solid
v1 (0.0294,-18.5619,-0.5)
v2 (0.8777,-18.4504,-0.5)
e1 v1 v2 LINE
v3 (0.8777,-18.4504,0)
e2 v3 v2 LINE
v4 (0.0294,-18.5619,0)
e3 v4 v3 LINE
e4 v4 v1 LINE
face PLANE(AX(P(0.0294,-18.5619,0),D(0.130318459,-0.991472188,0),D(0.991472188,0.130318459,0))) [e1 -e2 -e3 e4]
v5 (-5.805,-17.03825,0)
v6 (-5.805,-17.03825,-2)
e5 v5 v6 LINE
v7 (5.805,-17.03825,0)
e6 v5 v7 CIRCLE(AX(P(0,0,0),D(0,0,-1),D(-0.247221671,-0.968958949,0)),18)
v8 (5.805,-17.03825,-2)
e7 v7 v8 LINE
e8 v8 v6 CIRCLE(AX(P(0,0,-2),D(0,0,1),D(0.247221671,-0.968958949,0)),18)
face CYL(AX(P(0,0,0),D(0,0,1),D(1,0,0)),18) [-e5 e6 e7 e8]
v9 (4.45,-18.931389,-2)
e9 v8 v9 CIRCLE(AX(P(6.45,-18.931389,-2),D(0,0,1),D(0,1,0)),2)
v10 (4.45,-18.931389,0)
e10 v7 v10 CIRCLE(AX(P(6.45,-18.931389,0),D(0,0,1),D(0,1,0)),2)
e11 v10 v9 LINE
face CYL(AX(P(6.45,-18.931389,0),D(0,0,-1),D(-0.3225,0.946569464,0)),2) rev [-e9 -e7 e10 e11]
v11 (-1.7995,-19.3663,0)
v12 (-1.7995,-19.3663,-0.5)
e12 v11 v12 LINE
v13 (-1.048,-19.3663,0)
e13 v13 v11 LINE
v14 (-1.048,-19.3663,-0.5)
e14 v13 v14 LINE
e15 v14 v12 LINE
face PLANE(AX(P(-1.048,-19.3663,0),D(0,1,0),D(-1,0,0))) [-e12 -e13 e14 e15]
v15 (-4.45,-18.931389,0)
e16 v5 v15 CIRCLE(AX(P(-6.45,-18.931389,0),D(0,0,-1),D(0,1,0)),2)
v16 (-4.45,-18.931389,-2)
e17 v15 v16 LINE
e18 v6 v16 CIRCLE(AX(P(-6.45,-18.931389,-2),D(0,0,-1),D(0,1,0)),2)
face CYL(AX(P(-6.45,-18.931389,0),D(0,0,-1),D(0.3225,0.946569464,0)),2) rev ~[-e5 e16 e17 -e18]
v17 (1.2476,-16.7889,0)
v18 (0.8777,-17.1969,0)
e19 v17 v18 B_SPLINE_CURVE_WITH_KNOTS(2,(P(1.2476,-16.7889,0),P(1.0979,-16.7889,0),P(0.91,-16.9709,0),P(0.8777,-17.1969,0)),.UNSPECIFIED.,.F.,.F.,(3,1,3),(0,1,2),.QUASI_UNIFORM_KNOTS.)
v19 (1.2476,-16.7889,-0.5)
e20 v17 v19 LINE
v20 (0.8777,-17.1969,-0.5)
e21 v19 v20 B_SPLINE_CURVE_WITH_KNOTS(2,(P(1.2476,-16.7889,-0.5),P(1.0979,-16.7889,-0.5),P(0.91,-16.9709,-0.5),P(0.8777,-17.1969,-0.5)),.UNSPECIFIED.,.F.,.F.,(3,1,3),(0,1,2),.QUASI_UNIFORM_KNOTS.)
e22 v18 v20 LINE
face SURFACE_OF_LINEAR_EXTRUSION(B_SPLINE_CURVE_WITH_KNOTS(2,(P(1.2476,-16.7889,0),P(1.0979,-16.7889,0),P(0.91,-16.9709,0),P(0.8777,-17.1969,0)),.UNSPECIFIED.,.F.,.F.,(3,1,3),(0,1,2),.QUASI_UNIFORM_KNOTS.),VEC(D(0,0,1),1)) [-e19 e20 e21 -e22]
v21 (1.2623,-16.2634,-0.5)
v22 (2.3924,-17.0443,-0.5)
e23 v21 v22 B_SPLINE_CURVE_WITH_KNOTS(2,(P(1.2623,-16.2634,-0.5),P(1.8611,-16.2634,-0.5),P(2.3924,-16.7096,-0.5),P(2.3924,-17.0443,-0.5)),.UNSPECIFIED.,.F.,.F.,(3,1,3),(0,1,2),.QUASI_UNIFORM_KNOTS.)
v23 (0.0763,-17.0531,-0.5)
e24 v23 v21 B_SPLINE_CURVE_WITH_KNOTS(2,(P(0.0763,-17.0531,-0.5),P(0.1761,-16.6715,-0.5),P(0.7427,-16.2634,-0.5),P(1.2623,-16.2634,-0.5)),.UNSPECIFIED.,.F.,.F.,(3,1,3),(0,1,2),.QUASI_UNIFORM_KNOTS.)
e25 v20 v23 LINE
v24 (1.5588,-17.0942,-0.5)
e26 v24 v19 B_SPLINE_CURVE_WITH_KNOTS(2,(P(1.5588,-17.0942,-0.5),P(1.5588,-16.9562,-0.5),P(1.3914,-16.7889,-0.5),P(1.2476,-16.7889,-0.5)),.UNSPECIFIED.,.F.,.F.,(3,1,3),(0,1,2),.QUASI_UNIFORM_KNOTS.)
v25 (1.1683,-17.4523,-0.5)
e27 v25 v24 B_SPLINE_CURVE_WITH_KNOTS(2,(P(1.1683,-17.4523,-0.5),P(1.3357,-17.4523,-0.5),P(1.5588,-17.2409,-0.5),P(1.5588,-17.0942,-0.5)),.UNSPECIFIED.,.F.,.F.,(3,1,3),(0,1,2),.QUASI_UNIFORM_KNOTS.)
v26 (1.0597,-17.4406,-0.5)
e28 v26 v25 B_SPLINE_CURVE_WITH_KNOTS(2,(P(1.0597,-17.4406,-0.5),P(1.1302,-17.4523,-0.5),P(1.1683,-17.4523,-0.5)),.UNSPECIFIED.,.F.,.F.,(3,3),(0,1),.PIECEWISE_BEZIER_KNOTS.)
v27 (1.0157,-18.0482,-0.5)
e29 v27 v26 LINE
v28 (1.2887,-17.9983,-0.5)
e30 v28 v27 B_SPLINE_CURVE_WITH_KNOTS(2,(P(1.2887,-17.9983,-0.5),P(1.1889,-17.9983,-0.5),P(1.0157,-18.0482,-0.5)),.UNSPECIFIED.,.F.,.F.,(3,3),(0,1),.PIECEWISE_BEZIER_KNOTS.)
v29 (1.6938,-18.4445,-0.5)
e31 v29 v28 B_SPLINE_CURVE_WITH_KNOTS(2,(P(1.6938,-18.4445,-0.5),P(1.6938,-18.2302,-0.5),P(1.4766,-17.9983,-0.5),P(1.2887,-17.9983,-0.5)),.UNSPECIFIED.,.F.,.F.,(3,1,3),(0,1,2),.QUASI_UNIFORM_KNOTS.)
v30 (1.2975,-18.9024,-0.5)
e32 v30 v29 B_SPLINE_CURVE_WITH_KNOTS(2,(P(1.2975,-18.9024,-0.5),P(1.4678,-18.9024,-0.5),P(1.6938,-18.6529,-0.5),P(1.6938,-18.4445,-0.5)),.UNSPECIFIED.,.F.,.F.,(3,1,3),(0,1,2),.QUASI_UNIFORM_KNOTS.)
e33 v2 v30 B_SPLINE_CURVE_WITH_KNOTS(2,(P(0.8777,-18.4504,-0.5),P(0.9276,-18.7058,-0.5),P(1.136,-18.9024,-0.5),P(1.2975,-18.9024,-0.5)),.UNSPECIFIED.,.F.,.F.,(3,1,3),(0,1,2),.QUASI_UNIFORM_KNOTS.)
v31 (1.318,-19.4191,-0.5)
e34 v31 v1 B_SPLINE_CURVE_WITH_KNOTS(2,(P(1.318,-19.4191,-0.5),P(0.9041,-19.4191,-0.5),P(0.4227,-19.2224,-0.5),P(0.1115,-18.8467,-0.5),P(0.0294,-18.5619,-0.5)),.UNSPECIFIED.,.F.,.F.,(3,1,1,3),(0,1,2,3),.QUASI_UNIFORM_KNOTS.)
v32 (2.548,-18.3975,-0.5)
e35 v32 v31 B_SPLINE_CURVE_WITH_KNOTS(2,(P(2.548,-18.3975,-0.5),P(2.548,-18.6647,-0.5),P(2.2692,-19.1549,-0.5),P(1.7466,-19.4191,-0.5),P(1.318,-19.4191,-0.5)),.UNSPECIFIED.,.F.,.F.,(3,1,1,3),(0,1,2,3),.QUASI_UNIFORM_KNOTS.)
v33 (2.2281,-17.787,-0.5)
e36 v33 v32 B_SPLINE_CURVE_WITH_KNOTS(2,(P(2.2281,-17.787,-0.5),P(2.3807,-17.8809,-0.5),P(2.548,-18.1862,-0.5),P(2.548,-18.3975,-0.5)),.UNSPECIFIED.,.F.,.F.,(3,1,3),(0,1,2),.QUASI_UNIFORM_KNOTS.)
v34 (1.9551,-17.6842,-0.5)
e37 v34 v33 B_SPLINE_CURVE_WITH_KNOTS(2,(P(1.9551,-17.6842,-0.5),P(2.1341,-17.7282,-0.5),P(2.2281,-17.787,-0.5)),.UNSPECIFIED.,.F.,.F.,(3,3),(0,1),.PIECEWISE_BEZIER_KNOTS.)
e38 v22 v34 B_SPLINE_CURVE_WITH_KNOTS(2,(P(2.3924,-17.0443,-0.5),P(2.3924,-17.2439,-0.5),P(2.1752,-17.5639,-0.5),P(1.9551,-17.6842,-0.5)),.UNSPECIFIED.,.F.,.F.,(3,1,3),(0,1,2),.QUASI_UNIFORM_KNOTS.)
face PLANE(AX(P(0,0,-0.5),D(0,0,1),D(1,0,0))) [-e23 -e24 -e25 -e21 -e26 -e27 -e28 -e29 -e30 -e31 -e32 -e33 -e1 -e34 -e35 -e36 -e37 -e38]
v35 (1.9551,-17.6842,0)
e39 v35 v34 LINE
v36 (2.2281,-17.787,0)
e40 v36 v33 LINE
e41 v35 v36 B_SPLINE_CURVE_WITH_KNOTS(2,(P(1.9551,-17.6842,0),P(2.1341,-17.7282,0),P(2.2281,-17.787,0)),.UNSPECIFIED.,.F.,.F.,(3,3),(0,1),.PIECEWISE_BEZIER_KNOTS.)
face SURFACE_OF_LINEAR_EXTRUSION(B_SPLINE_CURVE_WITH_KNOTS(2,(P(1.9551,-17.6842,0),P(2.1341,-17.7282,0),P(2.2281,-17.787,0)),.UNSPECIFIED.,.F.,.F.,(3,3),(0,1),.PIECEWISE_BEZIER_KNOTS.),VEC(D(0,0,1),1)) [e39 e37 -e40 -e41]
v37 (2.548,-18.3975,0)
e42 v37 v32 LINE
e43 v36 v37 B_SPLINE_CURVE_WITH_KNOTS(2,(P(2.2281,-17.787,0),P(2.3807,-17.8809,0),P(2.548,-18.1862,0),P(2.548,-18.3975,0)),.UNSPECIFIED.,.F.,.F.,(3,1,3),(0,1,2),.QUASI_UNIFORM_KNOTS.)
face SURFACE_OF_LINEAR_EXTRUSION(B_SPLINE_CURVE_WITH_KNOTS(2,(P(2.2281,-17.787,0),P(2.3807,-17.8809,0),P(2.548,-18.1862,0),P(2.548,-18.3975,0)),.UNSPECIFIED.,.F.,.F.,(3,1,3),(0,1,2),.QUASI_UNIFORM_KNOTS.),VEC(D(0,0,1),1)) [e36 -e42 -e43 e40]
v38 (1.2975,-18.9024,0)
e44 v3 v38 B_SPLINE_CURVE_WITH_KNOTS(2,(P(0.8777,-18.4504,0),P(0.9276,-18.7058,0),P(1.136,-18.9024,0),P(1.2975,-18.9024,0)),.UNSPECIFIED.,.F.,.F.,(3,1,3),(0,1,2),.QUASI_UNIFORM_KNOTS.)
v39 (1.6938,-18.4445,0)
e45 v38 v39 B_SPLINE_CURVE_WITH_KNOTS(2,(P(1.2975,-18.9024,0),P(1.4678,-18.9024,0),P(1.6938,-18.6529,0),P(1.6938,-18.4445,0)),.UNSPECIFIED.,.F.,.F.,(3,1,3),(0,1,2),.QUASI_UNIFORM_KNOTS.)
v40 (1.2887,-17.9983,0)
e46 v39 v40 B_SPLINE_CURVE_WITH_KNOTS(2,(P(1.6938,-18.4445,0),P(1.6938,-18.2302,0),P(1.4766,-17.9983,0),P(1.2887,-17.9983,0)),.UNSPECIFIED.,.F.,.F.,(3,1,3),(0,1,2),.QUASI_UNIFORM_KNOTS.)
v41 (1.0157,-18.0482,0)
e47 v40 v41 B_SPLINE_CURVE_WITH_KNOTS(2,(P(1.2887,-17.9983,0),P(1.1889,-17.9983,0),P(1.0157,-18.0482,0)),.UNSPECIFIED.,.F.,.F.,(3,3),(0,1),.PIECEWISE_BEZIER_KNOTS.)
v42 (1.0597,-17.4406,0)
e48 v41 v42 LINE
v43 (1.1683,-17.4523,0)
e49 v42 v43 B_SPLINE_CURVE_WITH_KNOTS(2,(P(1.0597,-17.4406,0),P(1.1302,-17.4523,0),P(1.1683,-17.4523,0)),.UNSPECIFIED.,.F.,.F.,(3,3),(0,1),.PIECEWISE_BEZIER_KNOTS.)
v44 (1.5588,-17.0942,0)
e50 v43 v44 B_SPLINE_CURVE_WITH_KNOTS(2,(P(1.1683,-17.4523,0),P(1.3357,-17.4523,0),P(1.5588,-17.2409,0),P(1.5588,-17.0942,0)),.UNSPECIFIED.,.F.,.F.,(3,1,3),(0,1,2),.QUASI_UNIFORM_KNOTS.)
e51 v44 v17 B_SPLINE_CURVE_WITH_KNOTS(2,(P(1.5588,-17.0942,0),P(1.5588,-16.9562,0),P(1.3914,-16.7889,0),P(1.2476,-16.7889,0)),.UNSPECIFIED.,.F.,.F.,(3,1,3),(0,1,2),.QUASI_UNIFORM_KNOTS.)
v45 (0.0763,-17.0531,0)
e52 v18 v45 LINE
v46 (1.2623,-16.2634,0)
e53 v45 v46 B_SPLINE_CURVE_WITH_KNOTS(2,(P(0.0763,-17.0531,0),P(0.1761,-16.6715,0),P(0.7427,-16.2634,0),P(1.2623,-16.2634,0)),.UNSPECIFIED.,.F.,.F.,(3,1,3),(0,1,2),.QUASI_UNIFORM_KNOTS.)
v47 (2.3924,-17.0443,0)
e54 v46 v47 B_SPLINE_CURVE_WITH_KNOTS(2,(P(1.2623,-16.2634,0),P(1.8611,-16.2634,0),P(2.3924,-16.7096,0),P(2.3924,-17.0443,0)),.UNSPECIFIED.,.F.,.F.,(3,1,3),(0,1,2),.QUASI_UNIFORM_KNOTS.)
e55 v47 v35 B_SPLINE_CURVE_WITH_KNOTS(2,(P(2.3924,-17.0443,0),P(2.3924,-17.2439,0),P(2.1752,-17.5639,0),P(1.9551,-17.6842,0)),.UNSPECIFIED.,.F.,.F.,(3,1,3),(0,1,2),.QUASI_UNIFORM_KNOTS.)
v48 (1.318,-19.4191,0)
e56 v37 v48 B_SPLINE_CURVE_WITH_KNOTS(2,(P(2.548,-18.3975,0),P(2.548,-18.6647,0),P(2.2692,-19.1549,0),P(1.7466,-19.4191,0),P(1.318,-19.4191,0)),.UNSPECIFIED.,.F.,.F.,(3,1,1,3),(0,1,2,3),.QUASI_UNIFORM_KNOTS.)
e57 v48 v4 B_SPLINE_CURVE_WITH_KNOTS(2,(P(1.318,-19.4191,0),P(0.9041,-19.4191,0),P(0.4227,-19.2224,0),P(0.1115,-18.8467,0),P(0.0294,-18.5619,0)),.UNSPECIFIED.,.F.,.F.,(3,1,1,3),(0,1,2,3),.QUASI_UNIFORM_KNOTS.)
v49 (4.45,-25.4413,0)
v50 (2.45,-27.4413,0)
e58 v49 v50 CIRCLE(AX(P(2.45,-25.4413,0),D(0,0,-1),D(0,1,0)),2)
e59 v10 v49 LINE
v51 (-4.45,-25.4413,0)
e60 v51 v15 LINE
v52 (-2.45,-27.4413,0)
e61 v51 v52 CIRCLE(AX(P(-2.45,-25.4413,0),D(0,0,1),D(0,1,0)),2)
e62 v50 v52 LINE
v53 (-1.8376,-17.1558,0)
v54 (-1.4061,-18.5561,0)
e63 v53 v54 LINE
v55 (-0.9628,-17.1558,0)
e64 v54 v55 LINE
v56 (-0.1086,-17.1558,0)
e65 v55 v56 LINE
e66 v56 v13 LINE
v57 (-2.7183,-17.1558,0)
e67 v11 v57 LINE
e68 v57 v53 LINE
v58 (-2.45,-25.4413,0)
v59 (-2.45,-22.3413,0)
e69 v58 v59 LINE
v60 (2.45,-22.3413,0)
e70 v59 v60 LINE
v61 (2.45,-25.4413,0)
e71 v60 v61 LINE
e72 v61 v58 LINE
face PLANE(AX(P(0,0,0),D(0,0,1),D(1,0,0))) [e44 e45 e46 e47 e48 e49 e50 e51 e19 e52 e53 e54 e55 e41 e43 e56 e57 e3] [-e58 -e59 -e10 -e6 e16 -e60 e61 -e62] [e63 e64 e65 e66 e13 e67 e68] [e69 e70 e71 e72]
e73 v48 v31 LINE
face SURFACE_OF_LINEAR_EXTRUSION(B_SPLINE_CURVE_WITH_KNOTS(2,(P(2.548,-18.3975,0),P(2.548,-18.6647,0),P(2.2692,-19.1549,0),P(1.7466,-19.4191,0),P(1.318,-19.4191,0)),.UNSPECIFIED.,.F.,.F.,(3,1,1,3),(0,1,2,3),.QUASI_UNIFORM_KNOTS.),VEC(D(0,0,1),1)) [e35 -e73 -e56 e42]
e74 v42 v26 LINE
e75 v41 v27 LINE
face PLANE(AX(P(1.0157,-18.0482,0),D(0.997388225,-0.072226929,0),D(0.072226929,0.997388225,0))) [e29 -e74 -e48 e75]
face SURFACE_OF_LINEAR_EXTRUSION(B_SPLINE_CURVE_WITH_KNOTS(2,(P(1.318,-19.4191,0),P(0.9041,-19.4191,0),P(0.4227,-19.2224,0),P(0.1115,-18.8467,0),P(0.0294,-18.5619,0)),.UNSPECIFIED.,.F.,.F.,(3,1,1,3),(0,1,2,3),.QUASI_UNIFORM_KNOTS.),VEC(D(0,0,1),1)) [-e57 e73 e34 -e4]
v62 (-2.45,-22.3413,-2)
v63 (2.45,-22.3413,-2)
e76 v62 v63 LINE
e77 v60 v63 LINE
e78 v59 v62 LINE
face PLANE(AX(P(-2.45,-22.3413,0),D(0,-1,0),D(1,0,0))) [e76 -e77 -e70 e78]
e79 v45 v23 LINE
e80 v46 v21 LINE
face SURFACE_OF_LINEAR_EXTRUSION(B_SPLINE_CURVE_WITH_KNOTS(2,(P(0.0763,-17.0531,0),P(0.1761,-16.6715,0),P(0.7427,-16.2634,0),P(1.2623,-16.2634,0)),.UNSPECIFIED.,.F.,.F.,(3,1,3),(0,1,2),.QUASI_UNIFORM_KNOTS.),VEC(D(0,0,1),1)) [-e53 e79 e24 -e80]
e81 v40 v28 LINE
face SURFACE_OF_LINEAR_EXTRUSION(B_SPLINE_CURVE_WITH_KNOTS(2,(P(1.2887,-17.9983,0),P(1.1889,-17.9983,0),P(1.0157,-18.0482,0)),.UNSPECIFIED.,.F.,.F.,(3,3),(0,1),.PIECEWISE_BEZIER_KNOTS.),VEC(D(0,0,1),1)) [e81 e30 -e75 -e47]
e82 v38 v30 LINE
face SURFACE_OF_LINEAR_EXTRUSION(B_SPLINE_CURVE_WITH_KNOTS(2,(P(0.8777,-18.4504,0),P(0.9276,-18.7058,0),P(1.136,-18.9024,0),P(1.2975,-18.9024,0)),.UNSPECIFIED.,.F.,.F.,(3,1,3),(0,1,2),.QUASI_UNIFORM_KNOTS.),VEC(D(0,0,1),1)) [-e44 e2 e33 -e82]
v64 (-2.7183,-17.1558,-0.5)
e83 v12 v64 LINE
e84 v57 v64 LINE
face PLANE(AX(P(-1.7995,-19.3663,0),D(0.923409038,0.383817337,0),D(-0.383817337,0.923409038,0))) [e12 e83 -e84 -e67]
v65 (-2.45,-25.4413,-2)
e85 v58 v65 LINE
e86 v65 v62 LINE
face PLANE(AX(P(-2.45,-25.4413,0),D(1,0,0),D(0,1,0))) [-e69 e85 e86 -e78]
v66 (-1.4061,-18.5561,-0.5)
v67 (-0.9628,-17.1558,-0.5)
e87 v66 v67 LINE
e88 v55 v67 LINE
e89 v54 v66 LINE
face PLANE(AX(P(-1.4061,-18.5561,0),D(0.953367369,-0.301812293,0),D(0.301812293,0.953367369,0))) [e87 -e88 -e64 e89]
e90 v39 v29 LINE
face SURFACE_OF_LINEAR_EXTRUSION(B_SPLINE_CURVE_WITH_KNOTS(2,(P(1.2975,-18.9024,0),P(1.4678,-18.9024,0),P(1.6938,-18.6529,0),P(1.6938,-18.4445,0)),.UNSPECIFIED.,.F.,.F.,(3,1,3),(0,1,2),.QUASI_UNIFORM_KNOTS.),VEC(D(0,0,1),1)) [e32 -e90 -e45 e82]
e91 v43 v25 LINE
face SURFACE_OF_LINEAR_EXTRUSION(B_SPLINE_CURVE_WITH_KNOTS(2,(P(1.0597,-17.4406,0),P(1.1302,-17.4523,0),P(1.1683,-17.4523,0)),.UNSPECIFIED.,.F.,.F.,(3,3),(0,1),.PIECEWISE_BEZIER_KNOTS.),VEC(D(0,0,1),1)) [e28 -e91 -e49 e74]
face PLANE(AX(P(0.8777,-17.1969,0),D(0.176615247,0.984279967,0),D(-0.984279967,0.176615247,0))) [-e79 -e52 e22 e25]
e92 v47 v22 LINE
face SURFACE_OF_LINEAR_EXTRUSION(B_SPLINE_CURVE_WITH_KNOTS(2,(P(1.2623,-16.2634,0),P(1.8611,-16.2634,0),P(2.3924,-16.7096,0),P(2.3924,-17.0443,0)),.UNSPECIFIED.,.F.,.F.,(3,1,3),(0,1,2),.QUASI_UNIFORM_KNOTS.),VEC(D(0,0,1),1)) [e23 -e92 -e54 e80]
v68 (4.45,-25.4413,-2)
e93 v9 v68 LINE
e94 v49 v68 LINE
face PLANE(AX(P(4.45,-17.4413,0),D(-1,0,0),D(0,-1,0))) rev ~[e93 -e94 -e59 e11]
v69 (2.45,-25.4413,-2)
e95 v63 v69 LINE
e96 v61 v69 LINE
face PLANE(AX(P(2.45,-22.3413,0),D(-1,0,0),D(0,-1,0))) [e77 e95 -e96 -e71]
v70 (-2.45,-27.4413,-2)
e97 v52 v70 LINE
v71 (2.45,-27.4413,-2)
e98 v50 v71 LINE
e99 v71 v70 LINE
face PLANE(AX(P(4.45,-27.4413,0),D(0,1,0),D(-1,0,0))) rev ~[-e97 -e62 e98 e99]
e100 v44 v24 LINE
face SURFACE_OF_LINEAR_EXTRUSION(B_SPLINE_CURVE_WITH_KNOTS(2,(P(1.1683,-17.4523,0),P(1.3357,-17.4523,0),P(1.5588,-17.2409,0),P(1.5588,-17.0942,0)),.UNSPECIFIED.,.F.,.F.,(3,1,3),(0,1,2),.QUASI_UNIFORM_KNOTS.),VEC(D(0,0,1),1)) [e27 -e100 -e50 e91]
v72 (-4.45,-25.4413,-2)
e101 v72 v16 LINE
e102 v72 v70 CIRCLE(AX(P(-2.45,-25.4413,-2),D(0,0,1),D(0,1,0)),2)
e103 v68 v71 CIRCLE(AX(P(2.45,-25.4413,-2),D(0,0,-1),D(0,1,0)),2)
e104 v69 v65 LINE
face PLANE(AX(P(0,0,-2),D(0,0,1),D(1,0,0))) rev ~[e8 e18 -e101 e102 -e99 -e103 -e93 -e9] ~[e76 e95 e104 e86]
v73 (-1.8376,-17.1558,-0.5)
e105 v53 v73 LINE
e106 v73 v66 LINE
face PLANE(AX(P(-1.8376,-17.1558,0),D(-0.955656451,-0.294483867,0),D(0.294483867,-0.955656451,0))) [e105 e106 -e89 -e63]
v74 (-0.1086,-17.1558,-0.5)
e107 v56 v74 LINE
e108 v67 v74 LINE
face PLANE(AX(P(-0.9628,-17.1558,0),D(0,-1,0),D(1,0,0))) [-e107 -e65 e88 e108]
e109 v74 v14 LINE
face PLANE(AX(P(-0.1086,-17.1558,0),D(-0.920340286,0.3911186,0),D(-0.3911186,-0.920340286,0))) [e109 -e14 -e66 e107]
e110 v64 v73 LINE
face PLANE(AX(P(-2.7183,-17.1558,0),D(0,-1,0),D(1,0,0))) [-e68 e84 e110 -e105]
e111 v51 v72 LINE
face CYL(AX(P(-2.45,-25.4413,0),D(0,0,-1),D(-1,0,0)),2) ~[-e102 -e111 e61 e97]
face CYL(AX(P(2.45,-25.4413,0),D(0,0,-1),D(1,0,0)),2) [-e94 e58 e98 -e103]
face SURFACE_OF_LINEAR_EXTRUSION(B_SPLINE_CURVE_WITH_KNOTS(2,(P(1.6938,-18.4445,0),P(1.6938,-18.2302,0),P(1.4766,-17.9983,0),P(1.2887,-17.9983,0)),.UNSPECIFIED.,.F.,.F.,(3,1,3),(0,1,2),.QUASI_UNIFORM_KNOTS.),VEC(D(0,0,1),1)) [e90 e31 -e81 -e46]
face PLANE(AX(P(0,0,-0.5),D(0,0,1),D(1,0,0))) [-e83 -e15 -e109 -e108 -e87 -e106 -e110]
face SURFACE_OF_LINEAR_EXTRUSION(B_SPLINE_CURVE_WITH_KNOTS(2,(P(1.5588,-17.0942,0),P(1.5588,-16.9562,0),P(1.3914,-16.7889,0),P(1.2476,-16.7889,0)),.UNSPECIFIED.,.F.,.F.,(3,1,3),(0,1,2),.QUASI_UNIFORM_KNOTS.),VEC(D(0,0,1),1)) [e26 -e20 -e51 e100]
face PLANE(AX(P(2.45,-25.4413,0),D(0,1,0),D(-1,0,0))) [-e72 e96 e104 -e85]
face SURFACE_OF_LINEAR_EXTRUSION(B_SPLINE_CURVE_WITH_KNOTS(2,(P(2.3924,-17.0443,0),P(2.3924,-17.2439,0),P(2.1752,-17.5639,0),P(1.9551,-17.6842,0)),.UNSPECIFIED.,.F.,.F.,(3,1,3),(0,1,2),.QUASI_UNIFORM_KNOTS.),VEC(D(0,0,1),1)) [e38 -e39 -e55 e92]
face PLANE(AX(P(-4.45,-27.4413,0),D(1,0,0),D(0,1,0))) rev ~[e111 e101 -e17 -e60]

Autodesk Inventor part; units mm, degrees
ref_plane "YZ Plane" through (0, 0, 0) normal (1, 0, 0) x (0, 1, 0)
ref_plane "XZ Plane" through (0, 0, 0) normal (0, 1, 0) x (-1, 0, 0)
ref_plane "XY Plane" through (0, 0, 0) normal (0, 0, 1) x (1, 0, 0)
sketch "Sketch1: base" plane through (0, 0, 0) normal (0, 0, 1) x (1, 0, 0)
  circle A0 centre (0, 0) radius 18
  line L0 (4.45, -17.4413) -> (4.45, -27.4413)
  line L1 (4.45, -27.4413) -> (-4.45, -27.4413)
  line L2 (-4.45, -27.4413) -> (-4.45, -17.4413)
  line L3 (-2.45, -22.3413) -> (2.45, -22.3413)
  line L4 (2.45, -22.3413) -> (2.45, -25.4413)
  line L5 (2.45, -25.4413) -> (-2.45, -25.4413)
  line L6 (-2.45, -25.4413) -> (-2.45, -22.3413)
  line L7 (-2, -22.2913) -> (2, -22.2913) construction
  line L8 (2, -25.4913) -> (-2, -25.4913) construction
  arc A1 (-2, -22.2913) -> (-2, -25.4913) centre (-0.0791, -23.8913) ccw construction
  arc A2 (2, -25.4913) -> (2, -22.2913) centre (0.0791, -23.8913) ccw construction
  point P0 (0, -22.3413)
  point P1 (0, -27.4413)
  point P2 (0, -22.2913)
  point P3 (-2.45, -23.8913)
  dimension "door_diameter" = 36
  dimension "axle_width" = 4.9
  dimension "axle_height" = 3.1
  dimension "handle_height" = 10
  dimension "spacing_height" = 2
  dimension "spacing_width" = 2
  dimension "d14" = 4
  dimension "d16" = 3.2
  dimension "d17" = 2.5
sketch "Sketch2: text" plane through (0, 0, 0) normal (0, 0, 1) x (1, 0, 0)
  line L0 (-1.5, -16.3413) -> (1.5, -16.3413) construction
  line L1 (1.5, -16.3413) -> (1.5, -19.3413) construction
  line L2 (1.5, -19.3413) -> (-1.5, -19.3413) construction
  line L3 (-1.5, -19.3413) -> (-1.5, -16.3413) construction
  line L4 (4.45, -27.4413) -> (-4.45, -27.4413) construction
  line L5 (-4.45, -27.4413) -> (-4.45, -17.4413) construction
  line L6 (4.45, -17.4413) -> (4.45, -27.4413) construction
  line L7 (-2.45, -22.3413) -> (2.45, -22.3413) construction
  line L8 (2.45, -22.3413) -> (2.45, -25.4413) construction
  line L9 (-2.45, -25.4413) -> (-2.45, -22.3413) construction
  line L10 (2.45, -25.4413) -> (-2.45, -25.4413) construction
  circle A0 centre (0, 0) radius 18 construction
  line L11 (-2.7183, -17.1558) -> (-1.8376, -17.1558)
  line L12 (-1.8376, -17.1558) -> (-1.4061, -18.5561)
  line L13 (-1.4061, -18.5561) -> (-0.9628, -17.1558)
  line L14 (-0.9628, -17.1558) -> (-0.1086, -17.1558)
  line L15 (-0.1086, -17.1558) -> (-1.048, -19.3663)
  line L16 (-1.048, -19.3663) -> (-1.7995, -19.3663)
  line L17 (-1.7995, -19.3663) -> (-2.7183, -17.1558)
  line L18 (0.8777, -17.1969) -> (0.0763, -17.0531)
  spline S0 degree 2 poles (0.0763, -17.0531) (0.1761, -16.6715) (0.7427, -16.2634) (1.2623, -16.2634) knots 0 0 0 1 2 2 2
  spline S1 degree 2 poles (1.2623, -16.2634) (1.8611, -16.2634) (2.3924, -16.7096) (2.3924, -17.0443) knots 0 0 0 1 2 2 2
  spline S2 degree 2 poles (2.3924, -17.0443) (2.3924, -17.2439) (2.1752, -17.5639) (1.9551, -17.6842) knots 0 0 0 1 2 2 2
  spline S3 degree 2 poles (1.9551, -17.6842) (2.1341, -17.7282) (2.2281, -17.787) knots 0 0 0 1 1 1
  spline S4 degree 2 poles (2.2281, -17.787) (2.3807, -17.8809) (2.548, -18.1862) (2.548, -18.3975) knots 0 0 0 1 2 2 2
  spline S5 degree 2 poles (2.548, -18.3975) (2.548, -18.6647) (2.2692, -19.1549) (1.7466, -19.4191) (1.318, -19.4191) knots 0 0 0 1 2 3 3 3
  spline S6 degree 2 poles (1.318, -19.4191) (0.9041, -19.4191) (0.4227, -19.2224) (0.1115, -18.8467) (0.0294, -18.5619) knots 0 0 0 1 2 3 3 3
  line L19 (0.0294, -18.5619) -> (0.8777, -18.4504)
  spline S7 degree 2 poles (0.8777, -18.4504) (0.9276, -18.7058) (1.136, -18.9024) (1.2975, -18.9024) knots 0 0 0 1 2 2 2
  spline S8 degree 2 poles (1.2975, -18.9024) (1.4678, -18.9024) (1.6938, -18.6529) (1.6938, -18.4445) knots 0 0 0 1 2 2 2
  spline S9 degree 2 poles (1.6938, -18.4445) (1.6938, -18.2302) (1.4766, -17.9983) (1.2887, -17.9983) knots 0 0 0 1 2 2 2
  spline S10 degree 2 poles (1.2887, -17.9983) (1.1889, -17.9983) (1.0157, -18.0482) knots 0 0 0 1 1 1
  line L20 (1.0157, -18.0482) -> (1.0597, -17.4406)
  spline S11 degree 2 poles (1.0597, -17.4406) (1.1302, -17.4523) (1.1683, -17.4523) knots 0 0 0 1 1 1
  spline S12 degree 2 poles (1.1683, -17.4523) (1.3357, -17.4523) (1.5588, -17.2409) (1.5588, -17.0942) knots 0 0 0 1 2 2 2
  spline S13 degree 2 poles (1.5588, -17.0942) (1.5588, -16.9562) (1.3914, -16.7889) (1.2476, -16.7889) knots 0 0 0 1 2 2 2
  spline S14 degree 2 poles (1.2476, -16.7889) (1.0979, -16.7889) (0.91, -16.9709) (0.8777, -17.1969) knots 0 0 0 1 2 2 2
  point P0 (0, -19.3413)
  point P1 (0, -22.3413)
  dimension "x_t2" = 3
  dimension "x_t3" = 3
extrude "Ex1: base" add sketch "Sketch1: base" against normal blind 2
extrude "Ex2: text" cut sketch "Sketch2: text" against normal blind 0.5
fillet "Fillet1" radius 2 4 edges at (4.45, -17.4413, -1) (-4.45, -17.4413, -1) (4.45, -27.4413, -1) (-4.45, -27.4413, -1)
fillet "Fillet2" [suppressed]
properties part number "door_03"
